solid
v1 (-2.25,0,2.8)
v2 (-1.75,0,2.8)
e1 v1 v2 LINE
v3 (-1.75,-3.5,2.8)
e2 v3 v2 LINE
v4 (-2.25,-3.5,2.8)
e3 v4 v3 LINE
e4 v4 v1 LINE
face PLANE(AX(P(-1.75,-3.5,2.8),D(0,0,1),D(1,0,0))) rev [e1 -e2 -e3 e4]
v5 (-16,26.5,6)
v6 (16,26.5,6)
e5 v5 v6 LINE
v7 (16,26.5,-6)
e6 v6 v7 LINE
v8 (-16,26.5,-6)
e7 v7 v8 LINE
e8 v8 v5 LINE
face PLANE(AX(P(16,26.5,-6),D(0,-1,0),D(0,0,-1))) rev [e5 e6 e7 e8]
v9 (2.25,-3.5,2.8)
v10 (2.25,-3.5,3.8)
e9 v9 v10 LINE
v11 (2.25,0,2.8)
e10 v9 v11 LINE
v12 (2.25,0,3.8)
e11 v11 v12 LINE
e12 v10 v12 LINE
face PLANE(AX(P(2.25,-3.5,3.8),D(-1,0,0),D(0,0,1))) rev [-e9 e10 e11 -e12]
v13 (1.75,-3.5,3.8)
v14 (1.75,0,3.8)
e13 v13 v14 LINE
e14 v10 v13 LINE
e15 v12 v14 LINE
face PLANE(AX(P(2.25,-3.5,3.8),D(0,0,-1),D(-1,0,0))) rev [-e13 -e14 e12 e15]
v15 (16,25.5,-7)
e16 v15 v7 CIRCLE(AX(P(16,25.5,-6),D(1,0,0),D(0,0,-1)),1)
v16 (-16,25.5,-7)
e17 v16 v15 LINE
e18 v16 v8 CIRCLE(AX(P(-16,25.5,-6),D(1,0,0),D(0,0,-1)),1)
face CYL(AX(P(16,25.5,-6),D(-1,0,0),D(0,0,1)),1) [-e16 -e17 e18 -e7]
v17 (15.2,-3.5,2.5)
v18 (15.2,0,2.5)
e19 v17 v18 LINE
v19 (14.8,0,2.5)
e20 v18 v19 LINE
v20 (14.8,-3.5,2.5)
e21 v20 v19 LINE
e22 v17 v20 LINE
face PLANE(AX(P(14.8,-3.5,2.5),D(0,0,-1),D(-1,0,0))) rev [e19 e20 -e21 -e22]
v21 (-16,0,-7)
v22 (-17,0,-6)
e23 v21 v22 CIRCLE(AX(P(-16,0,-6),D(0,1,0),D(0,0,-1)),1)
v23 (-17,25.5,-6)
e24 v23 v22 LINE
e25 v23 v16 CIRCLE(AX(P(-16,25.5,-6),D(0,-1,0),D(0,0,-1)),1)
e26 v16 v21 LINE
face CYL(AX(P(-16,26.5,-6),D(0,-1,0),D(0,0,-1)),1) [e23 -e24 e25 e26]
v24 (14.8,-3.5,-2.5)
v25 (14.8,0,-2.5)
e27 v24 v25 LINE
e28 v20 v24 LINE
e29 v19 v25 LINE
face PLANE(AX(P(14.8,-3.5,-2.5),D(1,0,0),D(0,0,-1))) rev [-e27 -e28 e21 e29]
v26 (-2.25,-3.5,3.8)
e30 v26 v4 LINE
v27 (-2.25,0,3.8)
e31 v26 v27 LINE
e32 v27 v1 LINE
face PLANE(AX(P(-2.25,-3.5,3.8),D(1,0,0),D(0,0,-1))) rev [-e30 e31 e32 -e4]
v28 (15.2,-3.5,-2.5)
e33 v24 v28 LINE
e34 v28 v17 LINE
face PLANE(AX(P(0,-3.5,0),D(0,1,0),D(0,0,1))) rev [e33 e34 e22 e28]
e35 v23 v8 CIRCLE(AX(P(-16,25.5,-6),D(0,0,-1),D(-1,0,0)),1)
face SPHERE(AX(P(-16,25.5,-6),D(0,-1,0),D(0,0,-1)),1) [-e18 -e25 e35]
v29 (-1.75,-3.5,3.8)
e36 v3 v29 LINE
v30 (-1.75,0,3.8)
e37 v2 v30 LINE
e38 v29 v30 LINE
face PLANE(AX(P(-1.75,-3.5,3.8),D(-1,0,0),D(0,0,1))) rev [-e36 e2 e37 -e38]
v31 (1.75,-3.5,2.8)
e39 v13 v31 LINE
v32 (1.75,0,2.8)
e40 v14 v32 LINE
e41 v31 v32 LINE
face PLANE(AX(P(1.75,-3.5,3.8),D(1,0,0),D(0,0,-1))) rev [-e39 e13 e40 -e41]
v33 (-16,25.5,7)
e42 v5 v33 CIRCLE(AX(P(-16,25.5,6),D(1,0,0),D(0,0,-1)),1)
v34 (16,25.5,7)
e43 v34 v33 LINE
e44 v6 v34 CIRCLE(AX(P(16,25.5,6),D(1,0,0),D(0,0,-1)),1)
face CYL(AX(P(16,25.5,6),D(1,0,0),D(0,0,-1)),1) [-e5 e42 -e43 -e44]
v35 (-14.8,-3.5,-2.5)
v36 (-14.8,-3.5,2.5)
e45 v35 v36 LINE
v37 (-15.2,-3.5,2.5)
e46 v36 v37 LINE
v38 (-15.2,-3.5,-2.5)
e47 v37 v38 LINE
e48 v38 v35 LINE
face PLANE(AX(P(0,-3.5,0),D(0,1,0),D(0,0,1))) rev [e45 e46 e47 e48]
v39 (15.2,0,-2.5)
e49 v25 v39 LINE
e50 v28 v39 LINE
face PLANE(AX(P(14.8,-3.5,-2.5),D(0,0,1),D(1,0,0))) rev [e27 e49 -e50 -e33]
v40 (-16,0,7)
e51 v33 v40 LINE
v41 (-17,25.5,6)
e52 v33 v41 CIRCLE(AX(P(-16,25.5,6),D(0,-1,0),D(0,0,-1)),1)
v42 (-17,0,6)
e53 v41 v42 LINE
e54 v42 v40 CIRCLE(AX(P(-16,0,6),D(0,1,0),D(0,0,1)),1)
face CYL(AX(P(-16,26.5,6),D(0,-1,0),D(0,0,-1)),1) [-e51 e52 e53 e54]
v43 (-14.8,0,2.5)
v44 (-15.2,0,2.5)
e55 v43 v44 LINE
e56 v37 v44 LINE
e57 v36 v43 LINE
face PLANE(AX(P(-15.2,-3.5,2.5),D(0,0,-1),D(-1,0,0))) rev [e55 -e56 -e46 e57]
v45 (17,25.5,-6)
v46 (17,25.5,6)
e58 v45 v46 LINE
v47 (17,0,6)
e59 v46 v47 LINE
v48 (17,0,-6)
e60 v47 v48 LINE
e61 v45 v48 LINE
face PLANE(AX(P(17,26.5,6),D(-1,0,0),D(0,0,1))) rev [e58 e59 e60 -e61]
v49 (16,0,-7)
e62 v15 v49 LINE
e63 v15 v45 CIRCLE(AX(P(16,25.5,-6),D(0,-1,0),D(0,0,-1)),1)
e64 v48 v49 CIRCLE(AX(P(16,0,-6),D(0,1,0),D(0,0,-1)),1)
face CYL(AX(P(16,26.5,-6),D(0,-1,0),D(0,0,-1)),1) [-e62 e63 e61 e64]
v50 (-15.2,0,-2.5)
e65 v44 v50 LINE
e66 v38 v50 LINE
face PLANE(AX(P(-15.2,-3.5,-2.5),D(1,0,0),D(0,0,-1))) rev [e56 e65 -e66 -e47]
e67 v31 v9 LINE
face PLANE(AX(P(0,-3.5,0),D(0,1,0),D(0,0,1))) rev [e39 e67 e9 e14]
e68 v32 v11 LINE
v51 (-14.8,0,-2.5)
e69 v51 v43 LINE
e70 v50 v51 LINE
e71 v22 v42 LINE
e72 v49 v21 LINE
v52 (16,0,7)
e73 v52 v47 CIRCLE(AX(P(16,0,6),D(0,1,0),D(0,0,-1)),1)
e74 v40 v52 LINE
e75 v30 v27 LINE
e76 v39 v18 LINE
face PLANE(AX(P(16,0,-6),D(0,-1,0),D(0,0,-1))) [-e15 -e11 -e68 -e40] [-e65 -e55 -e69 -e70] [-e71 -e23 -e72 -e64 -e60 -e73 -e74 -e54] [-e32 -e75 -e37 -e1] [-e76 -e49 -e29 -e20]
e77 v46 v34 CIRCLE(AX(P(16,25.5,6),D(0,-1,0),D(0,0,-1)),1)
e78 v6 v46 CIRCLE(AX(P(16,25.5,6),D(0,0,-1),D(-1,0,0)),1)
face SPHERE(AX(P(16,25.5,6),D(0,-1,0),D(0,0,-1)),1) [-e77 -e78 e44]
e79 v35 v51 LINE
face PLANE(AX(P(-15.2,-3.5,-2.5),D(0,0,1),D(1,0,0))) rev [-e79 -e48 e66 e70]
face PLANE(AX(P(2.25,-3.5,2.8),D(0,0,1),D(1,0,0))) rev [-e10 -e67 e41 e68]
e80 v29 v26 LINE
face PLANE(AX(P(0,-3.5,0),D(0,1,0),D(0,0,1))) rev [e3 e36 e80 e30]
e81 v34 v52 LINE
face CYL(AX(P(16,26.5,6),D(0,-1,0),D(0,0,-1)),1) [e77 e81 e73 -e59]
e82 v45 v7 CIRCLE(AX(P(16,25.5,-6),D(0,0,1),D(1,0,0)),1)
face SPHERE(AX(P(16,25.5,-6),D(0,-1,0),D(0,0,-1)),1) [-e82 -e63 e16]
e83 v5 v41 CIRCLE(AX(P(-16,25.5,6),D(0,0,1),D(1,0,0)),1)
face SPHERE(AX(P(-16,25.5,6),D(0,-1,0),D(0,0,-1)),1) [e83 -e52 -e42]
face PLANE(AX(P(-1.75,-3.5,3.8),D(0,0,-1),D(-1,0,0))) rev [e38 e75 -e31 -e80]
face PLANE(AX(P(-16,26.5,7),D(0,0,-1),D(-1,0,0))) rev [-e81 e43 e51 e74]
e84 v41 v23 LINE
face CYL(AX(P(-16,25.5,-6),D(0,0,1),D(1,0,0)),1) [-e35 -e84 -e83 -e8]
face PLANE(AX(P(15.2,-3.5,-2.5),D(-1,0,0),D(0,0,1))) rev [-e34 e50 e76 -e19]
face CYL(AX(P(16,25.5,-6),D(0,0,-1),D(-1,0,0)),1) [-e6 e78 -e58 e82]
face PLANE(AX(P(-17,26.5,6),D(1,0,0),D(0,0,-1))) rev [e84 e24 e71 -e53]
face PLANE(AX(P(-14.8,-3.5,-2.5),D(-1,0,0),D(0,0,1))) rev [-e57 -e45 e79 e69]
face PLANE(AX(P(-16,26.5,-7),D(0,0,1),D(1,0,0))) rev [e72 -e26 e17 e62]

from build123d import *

# Parameters (mm, degrees)
BOSS_EXTRUDE1_DEPTH = 26.5
SKETCH2_W           = 0.4
SKETCH2_H           = 5
SKETCH2_W_2         = 0.5
SKETCH2_H_2         = 1
BOSS_EXTRUDE2_DEPTH = 3.5
FILLET1_R           = 1


with BuildPart() as part:
    # Sketch1 → Boss-Extrude1 (new body)
    with BuildSketch(Plane(origin=(0, 0, 0), x_dir=(1, 0, 0), z_dir=(0, 1, 0))):
        with BuildLine():
            Line((-16, -7), (16, -7))
            ThreePointArc((16, -7), (16.707106781, -6.707106781), (17, -6))
            Line((17, -6), (17, 6))
            ThreePointArc((17, 6), (16.707106781, 6.707106781), (16, 7))
            Line((16, 7), (-16, 7))
            ThreePointArc((-16, 7), (-16.707106781, 6.707106781), (-17, 6))
            Line((-17, 6), (-17, -6))
            ThreePointArc((-17, -6), (-16.707106781, -6.707106781), (-16, -7))
        make_face()
    extrude(amount=BOSS_EXTRUDE1_DEPTH)

    # Sketch2 → Boss-Extrude2 (add)
    with BuildSketch(Plane.XZ):
        with Locations((-15, 0)):
            Rectangle(SKETCH2_W, SKETCH2_H)
        with Locations((15, 0)):
            Rectangle(SKETCH2_W, SKETCH2_H)
        with Locations((-2, 3.3)):
            Rectangle(SKETCH2_W_2, SKETCH2_H_2)
        with Locations((2, 3.3)):
            Rectangle(SKETCH2_W_2, SKETCH2_H_2)
    extrude(amount=BOSS_EXTRUDE2_DEPTH)

    # Fillet1
    fillet1_edges = [part.edges().sort_by_distance(p)[0] for p in [
        (-16.707106781, 26.5, -6.707106781),
        (-17, 26.5, 0),
        (-16.707106781, 26.5, 6.707106781),
        (0, 26.5, 7),
        (16.707106781, 26.5, 6.707106781),
        (17, 26.5, 0),
        (16.707106781, 26.5, -6.707106781),
        (0, 26.5, -7),
    ]]
    fillet(fillet1_edges, radius=FILLET1_R)


solid = part.part
